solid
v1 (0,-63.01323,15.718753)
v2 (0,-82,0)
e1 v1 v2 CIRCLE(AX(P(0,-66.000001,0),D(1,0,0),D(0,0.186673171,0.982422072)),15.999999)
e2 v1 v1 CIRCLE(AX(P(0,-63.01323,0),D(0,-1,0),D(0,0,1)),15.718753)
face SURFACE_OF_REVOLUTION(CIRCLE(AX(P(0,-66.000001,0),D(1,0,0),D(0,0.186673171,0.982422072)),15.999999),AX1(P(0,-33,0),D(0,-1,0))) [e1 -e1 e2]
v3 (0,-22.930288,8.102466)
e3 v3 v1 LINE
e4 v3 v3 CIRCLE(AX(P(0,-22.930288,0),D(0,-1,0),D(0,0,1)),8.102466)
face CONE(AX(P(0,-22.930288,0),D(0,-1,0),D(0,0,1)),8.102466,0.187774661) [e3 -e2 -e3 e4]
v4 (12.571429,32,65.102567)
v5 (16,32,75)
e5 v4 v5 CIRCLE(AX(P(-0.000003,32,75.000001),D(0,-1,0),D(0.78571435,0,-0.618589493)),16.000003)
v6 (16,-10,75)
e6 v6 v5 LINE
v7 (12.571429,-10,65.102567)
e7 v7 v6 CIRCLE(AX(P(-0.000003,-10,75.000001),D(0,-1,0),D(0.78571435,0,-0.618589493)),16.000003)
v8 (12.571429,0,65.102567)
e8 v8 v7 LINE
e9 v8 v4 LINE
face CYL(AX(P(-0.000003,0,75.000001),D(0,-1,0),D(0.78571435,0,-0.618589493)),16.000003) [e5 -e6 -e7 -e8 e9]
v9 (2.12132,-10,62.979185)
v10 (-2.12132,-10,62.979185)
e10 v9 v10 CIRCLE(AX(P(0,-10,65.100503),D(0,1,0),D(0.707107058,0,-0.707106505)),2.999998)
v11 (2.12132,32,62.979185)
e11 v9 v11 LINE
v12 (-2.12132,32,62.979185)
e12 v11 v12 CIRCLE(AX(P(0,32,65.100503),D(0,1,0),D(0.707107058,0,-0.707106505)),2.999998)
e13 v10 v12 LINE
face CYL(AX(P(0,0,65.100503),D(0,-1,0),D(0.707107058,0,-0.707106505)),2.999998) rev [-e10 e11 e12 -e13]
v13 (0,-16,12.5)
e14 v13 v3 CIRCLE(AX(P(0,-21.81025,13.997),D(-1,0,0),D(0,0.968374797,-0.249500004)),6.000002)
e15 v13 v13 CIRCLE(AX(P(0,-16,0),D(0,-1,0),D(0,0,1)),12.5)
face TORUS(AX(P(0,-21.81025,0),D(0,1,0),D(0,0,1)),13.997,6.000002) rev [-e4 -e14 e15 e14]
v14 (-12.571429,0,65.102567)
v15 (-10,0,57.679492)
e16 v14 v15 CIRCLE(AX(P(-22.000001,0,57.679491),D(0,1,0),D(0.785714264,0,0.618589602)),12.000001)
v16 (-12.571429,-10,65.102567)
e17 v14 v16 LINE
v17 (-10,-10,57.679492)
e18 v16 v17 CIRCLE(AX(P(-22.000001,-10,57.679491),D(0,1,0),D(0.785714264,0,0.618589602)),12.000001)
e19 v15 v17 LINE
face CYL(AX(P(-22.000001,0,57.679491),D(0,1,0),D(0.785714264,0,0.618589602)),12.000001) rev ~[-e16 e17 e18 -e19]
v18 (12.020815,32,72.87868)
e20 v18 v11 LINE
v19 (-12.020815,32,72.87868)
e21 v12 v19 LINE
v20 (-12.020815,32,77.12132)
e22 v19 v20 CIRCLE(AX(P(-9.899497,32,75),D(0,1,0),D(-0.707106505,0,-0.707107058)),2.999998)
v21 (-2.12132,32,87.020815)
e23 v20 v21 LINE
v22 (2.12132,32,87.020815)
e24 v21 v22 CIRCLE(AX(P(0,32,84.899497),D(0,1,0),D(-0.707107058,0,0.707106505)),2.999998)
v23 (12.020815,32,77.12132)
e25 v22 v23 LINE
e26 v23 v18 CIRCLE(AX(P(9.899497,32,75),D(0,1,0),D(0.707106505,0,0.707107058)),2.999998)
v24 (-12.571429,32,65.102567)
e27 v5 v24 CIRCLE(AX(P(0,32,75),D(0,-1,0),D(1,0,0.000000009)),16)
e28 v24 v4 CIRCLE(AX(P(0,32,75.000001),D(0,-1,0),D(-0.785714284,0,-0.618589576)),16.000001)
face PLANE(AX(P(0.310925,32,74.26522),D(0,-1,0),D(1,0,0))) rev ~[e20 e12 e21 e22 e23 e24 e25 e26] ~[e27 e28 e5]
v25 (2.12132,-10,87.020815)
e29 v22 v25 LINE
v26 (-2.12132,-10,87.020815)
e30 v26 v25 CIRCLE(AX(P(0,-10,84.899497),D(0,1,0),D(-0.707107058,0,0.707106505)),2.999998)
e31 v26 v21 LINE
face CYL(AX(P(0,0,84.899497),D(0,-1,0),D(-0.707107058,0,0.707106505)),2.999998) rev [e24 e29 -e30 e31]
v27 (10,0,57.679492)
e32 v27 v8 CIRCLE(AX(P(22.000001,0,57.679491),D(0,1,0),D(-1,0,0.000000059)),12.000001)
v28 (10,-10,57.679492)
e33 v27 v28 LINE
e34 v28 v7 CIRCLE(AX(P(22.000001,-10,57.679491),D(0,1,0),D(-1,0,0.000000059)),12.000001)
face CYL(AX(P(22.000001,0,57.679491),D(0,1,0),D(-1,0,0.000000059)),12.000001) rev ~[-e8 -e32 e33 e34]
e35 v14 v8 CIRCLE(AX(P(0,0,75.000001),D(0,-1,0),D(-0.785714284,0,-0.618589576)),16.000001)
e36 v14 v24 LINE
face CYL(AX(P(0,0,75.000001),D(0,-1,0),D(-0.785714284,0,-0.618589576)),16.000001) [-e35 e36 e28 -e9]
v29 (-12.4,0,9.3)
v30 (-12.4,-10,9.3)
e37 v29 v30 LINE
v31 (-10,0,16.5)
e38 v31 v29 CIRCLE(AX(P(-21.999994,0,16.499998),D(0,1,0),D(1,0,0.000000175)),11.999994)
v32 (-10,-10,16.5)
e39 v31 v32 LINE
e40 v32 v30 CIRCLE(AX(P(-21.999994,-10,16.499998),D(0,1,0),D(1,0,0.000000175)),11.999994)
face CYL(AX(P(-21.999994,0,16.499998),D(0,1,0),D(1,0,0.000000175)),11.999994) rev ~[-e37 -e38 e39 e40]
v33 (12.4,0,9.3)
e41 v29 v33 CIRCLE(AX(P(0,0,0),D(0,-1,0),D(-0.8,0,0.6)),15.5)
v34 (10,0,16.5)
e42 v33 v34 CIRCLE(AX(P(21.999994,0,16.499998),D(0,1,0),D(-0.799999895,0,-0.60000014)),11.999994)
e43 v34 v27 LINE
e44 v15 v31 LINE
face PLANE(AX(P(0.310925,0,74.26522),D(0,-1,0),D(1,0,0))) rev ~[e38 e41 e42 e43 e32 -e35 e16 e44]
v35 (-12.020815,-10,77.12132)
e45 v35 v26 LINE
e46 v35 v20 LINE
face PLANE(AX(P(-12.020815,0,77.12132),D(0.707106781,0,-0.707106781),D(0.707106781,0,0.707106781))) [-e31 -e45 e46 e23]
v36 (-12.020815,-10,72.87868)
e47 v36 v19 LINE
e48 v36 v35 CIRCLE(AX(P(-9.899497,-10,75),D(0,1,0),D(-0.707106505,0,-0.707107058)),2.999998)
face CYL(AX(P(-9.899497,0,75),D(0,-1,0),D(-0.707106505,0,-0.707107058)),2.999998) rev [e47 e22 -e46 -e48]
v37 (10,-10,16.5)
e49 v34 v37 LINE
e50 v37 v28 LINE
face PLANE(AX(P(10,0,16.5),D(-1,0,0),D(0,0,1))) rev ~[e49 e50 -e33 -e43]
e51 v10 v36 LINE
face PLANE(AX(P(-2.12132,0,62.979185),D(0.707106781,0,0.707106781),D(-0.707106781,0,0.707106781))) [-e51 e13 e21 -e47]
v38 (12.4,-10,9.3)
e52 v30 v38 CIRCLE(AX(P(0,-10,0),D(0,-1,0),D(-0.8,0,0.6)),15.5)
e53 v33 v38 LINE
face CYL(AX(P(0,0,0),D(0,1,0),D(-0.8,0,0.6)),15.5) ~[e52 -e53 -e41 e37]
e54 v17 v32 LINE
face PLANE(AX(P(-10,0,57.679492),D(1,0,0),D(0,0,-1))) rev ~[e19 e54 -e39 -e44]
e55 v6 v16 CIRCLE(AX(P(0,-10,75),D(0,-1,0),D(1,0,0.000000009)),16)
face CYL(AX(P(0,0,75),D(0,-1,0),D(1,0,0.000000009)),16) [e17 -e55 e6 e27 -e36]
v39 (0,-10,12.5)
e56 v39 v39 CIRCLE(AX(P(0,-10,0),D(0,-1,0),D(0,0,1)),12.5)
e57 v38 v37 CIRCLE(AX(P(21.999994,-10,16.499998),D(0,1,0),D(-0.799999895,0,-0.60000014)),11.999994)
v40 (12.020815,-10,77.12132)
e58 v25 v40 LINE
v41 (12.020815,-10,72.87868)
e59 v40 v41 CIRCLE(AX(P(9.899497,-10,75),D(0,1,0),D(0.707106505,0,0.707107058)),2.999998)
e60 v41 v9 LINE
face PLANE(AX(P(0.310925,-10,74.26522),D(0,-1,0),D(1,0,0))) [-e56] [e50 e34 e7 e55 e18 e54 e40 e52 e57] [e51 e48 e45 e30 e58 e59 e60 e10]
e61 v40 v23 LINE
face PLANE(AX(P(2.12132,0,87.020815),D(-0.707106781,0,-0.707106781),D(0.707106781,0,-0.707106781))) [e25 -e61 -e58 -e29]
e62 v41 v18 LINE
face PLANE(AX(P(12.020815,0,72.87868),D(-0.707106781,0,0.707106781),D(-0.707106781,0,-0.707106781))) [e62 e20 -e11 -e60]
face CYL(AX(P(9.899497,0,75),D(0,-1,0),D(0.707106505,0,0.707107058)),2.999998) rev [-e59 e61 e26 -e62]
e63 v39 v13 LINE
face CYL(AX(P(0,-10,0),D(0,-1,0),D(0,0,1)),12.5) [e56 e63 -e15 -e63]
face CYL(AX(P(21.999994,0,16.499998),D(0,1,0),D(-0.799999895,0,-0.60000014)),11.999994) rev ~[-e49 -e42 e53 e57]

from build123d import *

# Parameters (mm, degrees)
F1_DEPTH = 10
F2_DEPTH = 32


with BuildPart() as f1:
    # F0 (on Front) → F1 (new body)
    with BuildSketch(Plane.XZ):
        with BuildLine():
            ThreePointArc((16, 75), (-5.237229, 90.118579), (-12.571429, 65.102567))
            ThreePointArc((-12.571429, 65.102567), (0, 59), (12.571429, 65.102567))
            ThreePointArc((12.571429, 65.102567), (15.118579, 69.762771), (16, 75))
        make_face()
        with BuildLine():
            Line((2.12132, 87.020815), (12.020815, 77.12132))
            ThreePointArc((12.020815, 77.12132), (12.899495, 75), (12.020815, 72.87868))
            Line((12.020815, 72.87868), (2.12132, 62.979185))
            ThreePointArc((2.12132, 62.979185), (0, 62.100505), (-2.12132, 62.979185))
            Line((-2.12132, 62.979185), (-12.020815, 72.87868))
            ThreePointArc((-12.020815, 72.87868), (-12.899495, 75), (-12.020815, 77.12132))
            Line((-12.020815, 77.12132), (-2.12132, 87.020815))
            ThreePointArc((-2.12132, 87.020815), (0, 87.899495), (2.12132, 87.020815))
        make_face(mode=Mode.SUBTRACT)
        with BuildLine():
            ThreePointArc((-10, 16.5), (-10.6158, 12.705267), (-12.4, 9.3))
            ThreePointArc((-12.4, 9.3), (0, -15.5), (12.4, 9.3))
            ThreePointArc((12.4, 9.3), (10.6158, 12.705267), (10, 16.5))
            Line((10, 16.5), (10, 57.679492))
            ThreePointArc((10, 57.679492), (10.661066, 61.607414), (12.571429, 65.102567))
            ThreePointArc((12.571429, 65.102567), (0, 59), (-12.571429, 65.102567))
            ThreePointArc((-12.571429, 65.102567), (-10.661066, 61.607414), (-10, 57.679492))
            Line((-10, 57.679492), (-10, 16.5))
        make_face()
    extrude(amount=F1_DEPTH)

    # F0 (on Front) → F2 (join)
    with BuildSketch(Plane.XZ):
        with BuildLine():
            ThreePointArc((16, 75), (-5.237229, 90.118579), (-12.571429, 65.102567))
            ThreePointArc((-12.571429, 65.102567), (0, 59), (12.571429, 65.102567))
            ThreePointArc((12.571429, 65.102567), (15.118579, 69.762771), (16, 75))
        make_face()
        with BuildLine():
            Line((2.12132, 87.020815), (12.020815, 77.12132))
            ThreePointArc((12.020815, 77.12132), (12.899495, 75), (12.020815, 72.87868))
            Line((12.020815, 72.87868), (2.12132, 62.979185))
            ThreePointArc((2.12132, 62.979185), (0, 62.100505), (-2.12132, 62.979185))
            Line((-2.12132, 62.979185), (-12.020815, 72.87868))
            ThreePointArc((-12.020815, 72.87868), (-12.899495, 75), (-12.020815, 77.12132))
            Line((-12.020815, 77.12132), (-2.12132, 87.020815))
            ThreePointArc((-2.12132, 87.020815), (0, 87.899495), (2.12132, 87.020815))
        make_face(mode=Mode.SUBTRACT)
    extrude(amount=-F2_DEPTH)

    # F3 (on Right) → F4 (revolve)
    with BuildSketch(Plane.YZ):
        with BuildLine():
            Line((-66, 0), (-10, 0))
            Line((-10, 0), (-10, 12.5))
            Line((-10, 12.5), (-16, 12.5))
            ThreePointArc((-16, 12.5), (-18.595581, 8.930846), (-22.930288, 8.102466))
            Line((-22.930288, 8.102466), (-63.01323, 15.718753))
            ThreePointArc((-63.01323, 15.718753), (-76.203227, 12.324535), (-82, 0))
            Line((-82, 0), (-66, 0))
        make_face()
    revolve(axis=Axis((0, -33, 0), (0, -1, 0)))


solid = f1.part
